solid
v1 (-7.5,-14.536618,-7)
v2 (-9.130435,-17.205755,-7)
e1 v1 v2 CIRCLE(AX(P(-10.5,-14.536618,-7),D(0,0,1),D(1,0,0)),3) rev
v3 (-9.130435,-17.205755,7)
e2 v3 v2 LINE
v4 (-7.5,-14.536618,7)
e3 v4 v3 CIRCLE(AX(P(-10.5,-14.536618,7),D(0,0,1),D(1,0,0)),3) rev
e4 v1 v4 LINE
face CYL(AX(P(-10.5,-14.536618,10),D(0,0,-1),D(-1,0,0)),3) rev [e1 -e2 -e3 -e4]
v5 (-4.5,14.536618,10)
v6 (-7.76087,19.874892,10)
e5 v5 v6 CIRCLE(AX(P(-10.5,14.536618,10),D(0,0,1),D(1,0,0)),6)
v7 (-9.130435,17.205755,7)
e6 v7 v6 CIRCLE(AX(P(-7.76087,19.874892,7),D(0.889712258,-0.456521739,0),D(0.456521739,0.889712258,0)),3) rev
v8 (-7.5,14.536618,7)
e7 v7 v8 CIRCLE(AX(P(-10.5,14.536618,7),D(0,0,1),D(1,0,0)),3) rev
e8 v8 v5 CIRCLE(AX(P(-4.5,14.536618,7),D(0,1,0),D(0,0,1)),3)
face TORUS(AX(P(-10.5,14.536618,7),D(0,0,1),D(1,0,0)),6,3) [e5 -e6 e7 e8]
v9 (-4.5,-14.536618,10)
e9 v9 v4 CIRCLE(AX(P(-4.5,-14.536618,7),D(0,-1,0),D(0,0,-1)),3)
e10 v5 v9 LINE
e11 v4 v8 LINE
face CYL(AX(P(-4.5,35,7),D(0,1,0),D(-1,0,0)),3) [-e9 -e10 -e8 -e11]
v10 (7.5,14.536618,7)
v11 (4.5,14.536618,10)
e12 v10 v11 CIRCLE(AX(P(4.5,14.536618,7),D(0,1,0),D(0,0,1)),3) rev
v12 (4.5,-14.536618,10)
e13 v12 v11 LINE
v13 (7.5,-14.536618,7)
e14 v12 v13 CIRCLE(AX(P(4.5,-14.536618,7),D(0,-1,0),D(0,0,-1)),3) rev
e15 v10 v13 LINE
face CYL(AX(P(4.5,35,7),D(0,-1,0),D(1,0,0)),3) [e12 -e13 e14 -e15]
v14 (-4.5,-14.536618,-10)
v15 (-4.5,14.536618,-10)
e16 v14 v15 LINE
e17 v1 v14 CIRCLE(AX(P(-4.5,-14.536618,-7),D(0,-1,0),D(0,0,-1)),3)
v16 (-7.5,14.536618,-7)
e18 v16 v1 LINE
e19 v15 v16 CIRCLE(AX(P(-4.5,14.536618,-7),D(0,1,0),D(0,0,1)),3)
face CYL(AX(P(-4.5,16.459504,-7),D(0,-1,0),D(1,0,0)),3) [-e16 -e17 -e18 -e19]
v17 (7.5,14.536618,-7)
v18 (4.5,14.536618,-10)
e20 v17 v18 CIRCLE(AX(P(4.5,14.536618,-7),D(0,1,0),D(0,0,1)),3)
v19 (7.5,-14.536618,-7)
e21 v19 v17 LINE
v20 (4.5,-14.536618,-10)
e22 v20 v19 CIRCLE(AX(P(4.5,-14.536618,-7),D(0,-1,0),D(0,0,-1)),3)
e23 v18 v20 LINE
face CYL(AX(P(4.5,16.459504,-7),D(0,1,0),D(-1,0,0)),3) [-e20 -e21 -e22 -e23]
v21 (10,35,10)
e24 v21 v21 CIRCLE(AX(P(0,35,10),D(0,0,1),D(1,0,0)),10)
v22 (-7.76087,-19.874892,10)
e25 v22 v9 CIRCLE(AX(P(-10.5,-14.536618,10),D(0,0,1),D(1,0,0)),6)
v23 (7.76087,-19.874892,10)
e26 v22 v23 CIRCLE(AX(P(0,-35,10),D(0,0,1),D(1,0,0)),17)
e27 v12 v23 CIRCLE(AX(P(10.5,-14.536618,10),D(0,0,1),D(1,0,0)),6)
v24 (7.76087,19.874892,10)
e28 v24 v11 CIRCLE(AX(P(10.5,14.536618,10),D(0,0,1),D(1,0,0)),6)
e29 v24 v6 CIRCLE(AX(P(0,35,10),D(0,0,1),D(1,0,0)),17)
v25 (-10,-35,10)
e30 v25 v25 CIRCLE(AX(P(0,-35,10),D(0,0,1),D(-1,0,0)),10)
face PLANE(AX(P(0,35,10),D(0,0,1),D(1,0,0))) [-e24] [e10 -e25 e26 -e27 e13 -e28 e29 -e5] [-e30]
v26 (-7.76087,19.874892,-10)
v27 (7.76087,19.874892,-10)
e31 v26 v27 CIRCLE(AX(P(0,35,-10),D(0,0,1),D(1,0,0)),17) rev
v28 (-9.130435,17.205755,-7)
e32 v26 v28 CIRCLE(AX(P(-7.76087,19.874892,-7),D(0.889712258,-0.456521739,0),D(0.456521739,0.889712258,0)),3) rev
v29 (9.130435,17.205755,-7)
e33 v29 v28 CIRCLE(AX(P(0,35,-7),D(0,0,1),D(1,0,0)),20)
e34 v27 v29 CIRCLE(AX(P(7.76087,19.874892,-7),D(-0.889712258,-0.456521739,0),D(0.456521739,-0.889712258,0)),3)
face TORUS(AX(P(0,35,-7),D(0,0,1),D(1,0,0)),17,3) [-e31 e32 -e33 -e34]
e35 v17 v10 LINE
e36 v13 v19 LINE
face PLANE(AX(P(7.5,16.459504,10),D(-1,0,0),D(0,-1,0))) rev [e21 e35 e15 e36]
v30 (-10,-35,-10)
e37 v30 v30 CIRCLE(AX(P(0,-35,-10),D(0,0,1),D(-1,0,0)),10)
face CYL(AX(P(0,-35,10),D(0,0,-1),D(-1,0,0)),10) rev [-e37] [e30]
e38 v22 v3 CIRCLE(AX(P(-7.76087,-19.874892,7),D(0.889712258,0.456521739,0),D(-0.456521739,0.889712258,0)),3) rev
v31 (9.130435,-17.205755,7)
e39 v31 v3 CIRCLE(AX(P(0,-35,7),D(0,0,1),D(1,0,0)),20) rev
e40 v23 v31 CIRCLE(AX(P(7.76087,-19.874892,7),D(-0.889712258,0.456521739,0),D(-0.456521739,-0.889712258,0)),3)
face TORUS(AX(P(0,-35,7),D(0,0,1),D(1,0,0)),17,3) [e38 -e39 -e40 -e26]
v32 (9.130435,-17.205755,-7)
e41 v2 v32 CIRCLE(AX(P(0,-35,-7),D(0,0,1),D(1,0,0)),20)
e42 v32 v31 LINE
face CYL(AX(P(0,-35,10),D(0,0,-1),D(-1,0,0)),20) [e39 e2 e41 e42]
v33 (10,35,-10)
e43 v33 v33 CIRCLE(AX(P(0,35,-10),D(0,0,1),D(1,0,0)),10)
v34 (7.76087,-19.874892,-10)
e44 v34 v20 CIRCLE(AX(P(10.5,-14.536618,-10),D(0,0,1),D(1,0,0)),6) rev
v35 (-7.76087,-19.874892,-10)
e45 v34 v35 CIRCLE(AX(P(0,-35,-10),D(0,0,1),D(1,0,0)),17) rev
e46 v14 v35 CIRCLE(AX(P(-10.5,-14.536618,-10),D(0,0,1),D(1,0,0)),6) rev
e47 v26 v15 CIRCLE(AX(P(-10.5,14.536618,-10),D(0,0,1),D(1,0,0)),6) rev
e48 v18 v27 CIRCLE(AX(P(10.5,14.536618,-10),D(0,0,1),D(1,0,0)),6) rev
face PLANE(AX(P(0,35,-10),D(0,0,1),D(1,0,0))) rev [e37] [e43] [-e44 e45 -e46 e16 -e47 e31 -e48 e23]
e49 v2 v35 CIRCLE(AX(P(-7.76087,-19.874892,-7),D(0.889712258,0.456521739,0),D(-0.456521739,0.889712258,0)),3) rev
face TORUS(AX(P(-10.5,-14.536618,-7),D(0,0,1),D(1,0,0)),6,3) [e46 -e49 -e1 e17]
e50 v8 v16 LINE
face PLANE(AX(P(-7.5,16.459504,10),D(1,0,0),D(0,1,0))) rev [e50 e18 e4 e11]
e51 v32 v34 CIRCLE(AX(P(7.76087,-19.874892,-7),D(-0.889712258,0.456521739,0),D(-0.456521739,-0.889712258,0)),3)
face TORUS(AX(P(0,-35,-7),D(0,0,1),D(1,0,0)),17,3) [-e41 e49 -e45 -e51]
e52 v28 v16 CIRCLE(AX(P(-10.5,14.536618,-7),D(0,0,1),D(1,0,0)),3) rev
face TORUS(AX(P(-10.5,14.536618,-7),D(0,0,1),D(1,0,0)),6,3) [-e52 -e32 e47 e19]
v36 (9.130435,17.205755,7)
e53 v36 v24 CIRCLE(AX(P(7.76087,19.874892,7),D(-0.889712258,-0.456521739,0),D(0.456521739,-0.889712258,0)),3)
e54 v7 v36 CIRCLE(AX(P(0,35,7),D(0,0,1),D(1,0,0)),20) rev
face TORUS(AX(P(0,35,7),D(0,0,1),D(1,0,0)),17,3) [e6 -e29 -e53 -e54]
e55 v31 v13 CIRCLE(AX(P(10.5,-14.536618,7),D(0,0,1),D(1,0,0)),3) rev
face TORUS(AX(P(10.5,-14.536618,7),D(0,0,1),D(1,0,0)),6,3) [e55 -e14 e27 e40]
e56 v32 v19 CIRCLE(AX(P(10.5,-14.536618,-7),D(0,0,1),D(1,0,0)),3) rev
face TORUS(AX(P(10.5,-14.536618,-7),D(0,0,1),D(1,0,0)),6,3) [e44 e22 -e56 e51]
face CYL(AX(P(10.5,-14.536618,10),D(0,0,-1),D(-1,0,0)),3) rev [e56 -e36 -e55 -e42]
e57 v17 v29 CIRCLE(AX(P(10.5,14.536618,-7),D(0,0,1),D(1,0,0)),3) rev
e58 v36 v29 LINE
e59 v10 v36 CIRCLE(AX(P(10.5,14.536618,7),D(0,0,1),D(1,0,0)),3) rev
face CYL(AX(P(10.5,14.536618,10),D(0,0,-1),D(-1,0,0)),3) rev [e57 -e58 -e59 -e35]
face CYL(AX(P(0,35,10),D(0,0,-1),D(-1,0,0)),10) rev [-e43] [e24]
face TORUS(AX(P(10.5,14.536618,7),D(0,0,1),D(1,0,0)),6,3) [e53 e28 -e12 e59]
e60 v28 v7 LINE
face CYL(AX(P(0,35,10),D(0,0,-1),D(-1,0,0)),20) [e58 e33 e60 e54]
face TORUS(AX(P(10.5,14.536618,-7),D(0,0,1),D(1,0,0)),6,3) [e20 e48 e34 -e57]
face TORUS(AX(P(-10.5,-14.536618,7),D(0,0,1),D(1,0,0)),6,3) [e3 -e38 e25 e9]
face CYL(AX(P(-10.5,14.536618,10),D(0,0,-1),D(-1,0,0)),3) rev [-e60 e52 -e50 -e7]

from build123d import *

# Parameters (mm, degrees)
SKETCH1_R           = 10
BOSS_EXTRUDE1_DEPTH = 10
FILLET1_R           = 3


with BuildPart() as part:
    # Sketch1 → Boss-Extrude1 (new, symmetric)
    with BuildSketch(Plane.XY):
        with BuildLine():
            Line((-7.5, 16.459503782), (-7.5, -16.459503782))
            ThreePointArc((-7.5, -16.459503782), (0, -55), (7.5, -16.459503782))
            Line((7.5, -16.459503782), (7.5, 16.459503782))
            ThreePointArc((7.5, 16.459503782), (0, 55), (-7.5, 16.459503782))
        make_face()
        with Locations((0, 35)):
            Circle(SKETCH1_R, mode=Mode.SUBTRACT)
        with Locations(Location((0, -35, 0), (0, 0, 180))):
            Circle(SKETCH1_R, mode=Mode.SUBTRACT)
    extrude(amount=BOSS_EXTRUDE1_DEPTH, both=True)

    # Fillet1
    fillet1_edges = [part.edges().sort_by_distance(p)[0] for p in [
        (0, -55, 10),
        (7.5, 0, 10),
        (0, 55, 10),
        (7.5, 0, -10),
        (0, -55, -10),
        (-7.5, 0, -10),
        (0, 55, -10),
        (7.5, 16.459503782, 0),
        (7.5, -16.459503782, 0),
        (-7.5, -16.459503782, 0),
        (-7.5, 16.459503782, 0),
        (-7.5, 0, 10),
    ]]
    fillet(fillet1_edges, radius=FILLET1_R)


solid = part.part
